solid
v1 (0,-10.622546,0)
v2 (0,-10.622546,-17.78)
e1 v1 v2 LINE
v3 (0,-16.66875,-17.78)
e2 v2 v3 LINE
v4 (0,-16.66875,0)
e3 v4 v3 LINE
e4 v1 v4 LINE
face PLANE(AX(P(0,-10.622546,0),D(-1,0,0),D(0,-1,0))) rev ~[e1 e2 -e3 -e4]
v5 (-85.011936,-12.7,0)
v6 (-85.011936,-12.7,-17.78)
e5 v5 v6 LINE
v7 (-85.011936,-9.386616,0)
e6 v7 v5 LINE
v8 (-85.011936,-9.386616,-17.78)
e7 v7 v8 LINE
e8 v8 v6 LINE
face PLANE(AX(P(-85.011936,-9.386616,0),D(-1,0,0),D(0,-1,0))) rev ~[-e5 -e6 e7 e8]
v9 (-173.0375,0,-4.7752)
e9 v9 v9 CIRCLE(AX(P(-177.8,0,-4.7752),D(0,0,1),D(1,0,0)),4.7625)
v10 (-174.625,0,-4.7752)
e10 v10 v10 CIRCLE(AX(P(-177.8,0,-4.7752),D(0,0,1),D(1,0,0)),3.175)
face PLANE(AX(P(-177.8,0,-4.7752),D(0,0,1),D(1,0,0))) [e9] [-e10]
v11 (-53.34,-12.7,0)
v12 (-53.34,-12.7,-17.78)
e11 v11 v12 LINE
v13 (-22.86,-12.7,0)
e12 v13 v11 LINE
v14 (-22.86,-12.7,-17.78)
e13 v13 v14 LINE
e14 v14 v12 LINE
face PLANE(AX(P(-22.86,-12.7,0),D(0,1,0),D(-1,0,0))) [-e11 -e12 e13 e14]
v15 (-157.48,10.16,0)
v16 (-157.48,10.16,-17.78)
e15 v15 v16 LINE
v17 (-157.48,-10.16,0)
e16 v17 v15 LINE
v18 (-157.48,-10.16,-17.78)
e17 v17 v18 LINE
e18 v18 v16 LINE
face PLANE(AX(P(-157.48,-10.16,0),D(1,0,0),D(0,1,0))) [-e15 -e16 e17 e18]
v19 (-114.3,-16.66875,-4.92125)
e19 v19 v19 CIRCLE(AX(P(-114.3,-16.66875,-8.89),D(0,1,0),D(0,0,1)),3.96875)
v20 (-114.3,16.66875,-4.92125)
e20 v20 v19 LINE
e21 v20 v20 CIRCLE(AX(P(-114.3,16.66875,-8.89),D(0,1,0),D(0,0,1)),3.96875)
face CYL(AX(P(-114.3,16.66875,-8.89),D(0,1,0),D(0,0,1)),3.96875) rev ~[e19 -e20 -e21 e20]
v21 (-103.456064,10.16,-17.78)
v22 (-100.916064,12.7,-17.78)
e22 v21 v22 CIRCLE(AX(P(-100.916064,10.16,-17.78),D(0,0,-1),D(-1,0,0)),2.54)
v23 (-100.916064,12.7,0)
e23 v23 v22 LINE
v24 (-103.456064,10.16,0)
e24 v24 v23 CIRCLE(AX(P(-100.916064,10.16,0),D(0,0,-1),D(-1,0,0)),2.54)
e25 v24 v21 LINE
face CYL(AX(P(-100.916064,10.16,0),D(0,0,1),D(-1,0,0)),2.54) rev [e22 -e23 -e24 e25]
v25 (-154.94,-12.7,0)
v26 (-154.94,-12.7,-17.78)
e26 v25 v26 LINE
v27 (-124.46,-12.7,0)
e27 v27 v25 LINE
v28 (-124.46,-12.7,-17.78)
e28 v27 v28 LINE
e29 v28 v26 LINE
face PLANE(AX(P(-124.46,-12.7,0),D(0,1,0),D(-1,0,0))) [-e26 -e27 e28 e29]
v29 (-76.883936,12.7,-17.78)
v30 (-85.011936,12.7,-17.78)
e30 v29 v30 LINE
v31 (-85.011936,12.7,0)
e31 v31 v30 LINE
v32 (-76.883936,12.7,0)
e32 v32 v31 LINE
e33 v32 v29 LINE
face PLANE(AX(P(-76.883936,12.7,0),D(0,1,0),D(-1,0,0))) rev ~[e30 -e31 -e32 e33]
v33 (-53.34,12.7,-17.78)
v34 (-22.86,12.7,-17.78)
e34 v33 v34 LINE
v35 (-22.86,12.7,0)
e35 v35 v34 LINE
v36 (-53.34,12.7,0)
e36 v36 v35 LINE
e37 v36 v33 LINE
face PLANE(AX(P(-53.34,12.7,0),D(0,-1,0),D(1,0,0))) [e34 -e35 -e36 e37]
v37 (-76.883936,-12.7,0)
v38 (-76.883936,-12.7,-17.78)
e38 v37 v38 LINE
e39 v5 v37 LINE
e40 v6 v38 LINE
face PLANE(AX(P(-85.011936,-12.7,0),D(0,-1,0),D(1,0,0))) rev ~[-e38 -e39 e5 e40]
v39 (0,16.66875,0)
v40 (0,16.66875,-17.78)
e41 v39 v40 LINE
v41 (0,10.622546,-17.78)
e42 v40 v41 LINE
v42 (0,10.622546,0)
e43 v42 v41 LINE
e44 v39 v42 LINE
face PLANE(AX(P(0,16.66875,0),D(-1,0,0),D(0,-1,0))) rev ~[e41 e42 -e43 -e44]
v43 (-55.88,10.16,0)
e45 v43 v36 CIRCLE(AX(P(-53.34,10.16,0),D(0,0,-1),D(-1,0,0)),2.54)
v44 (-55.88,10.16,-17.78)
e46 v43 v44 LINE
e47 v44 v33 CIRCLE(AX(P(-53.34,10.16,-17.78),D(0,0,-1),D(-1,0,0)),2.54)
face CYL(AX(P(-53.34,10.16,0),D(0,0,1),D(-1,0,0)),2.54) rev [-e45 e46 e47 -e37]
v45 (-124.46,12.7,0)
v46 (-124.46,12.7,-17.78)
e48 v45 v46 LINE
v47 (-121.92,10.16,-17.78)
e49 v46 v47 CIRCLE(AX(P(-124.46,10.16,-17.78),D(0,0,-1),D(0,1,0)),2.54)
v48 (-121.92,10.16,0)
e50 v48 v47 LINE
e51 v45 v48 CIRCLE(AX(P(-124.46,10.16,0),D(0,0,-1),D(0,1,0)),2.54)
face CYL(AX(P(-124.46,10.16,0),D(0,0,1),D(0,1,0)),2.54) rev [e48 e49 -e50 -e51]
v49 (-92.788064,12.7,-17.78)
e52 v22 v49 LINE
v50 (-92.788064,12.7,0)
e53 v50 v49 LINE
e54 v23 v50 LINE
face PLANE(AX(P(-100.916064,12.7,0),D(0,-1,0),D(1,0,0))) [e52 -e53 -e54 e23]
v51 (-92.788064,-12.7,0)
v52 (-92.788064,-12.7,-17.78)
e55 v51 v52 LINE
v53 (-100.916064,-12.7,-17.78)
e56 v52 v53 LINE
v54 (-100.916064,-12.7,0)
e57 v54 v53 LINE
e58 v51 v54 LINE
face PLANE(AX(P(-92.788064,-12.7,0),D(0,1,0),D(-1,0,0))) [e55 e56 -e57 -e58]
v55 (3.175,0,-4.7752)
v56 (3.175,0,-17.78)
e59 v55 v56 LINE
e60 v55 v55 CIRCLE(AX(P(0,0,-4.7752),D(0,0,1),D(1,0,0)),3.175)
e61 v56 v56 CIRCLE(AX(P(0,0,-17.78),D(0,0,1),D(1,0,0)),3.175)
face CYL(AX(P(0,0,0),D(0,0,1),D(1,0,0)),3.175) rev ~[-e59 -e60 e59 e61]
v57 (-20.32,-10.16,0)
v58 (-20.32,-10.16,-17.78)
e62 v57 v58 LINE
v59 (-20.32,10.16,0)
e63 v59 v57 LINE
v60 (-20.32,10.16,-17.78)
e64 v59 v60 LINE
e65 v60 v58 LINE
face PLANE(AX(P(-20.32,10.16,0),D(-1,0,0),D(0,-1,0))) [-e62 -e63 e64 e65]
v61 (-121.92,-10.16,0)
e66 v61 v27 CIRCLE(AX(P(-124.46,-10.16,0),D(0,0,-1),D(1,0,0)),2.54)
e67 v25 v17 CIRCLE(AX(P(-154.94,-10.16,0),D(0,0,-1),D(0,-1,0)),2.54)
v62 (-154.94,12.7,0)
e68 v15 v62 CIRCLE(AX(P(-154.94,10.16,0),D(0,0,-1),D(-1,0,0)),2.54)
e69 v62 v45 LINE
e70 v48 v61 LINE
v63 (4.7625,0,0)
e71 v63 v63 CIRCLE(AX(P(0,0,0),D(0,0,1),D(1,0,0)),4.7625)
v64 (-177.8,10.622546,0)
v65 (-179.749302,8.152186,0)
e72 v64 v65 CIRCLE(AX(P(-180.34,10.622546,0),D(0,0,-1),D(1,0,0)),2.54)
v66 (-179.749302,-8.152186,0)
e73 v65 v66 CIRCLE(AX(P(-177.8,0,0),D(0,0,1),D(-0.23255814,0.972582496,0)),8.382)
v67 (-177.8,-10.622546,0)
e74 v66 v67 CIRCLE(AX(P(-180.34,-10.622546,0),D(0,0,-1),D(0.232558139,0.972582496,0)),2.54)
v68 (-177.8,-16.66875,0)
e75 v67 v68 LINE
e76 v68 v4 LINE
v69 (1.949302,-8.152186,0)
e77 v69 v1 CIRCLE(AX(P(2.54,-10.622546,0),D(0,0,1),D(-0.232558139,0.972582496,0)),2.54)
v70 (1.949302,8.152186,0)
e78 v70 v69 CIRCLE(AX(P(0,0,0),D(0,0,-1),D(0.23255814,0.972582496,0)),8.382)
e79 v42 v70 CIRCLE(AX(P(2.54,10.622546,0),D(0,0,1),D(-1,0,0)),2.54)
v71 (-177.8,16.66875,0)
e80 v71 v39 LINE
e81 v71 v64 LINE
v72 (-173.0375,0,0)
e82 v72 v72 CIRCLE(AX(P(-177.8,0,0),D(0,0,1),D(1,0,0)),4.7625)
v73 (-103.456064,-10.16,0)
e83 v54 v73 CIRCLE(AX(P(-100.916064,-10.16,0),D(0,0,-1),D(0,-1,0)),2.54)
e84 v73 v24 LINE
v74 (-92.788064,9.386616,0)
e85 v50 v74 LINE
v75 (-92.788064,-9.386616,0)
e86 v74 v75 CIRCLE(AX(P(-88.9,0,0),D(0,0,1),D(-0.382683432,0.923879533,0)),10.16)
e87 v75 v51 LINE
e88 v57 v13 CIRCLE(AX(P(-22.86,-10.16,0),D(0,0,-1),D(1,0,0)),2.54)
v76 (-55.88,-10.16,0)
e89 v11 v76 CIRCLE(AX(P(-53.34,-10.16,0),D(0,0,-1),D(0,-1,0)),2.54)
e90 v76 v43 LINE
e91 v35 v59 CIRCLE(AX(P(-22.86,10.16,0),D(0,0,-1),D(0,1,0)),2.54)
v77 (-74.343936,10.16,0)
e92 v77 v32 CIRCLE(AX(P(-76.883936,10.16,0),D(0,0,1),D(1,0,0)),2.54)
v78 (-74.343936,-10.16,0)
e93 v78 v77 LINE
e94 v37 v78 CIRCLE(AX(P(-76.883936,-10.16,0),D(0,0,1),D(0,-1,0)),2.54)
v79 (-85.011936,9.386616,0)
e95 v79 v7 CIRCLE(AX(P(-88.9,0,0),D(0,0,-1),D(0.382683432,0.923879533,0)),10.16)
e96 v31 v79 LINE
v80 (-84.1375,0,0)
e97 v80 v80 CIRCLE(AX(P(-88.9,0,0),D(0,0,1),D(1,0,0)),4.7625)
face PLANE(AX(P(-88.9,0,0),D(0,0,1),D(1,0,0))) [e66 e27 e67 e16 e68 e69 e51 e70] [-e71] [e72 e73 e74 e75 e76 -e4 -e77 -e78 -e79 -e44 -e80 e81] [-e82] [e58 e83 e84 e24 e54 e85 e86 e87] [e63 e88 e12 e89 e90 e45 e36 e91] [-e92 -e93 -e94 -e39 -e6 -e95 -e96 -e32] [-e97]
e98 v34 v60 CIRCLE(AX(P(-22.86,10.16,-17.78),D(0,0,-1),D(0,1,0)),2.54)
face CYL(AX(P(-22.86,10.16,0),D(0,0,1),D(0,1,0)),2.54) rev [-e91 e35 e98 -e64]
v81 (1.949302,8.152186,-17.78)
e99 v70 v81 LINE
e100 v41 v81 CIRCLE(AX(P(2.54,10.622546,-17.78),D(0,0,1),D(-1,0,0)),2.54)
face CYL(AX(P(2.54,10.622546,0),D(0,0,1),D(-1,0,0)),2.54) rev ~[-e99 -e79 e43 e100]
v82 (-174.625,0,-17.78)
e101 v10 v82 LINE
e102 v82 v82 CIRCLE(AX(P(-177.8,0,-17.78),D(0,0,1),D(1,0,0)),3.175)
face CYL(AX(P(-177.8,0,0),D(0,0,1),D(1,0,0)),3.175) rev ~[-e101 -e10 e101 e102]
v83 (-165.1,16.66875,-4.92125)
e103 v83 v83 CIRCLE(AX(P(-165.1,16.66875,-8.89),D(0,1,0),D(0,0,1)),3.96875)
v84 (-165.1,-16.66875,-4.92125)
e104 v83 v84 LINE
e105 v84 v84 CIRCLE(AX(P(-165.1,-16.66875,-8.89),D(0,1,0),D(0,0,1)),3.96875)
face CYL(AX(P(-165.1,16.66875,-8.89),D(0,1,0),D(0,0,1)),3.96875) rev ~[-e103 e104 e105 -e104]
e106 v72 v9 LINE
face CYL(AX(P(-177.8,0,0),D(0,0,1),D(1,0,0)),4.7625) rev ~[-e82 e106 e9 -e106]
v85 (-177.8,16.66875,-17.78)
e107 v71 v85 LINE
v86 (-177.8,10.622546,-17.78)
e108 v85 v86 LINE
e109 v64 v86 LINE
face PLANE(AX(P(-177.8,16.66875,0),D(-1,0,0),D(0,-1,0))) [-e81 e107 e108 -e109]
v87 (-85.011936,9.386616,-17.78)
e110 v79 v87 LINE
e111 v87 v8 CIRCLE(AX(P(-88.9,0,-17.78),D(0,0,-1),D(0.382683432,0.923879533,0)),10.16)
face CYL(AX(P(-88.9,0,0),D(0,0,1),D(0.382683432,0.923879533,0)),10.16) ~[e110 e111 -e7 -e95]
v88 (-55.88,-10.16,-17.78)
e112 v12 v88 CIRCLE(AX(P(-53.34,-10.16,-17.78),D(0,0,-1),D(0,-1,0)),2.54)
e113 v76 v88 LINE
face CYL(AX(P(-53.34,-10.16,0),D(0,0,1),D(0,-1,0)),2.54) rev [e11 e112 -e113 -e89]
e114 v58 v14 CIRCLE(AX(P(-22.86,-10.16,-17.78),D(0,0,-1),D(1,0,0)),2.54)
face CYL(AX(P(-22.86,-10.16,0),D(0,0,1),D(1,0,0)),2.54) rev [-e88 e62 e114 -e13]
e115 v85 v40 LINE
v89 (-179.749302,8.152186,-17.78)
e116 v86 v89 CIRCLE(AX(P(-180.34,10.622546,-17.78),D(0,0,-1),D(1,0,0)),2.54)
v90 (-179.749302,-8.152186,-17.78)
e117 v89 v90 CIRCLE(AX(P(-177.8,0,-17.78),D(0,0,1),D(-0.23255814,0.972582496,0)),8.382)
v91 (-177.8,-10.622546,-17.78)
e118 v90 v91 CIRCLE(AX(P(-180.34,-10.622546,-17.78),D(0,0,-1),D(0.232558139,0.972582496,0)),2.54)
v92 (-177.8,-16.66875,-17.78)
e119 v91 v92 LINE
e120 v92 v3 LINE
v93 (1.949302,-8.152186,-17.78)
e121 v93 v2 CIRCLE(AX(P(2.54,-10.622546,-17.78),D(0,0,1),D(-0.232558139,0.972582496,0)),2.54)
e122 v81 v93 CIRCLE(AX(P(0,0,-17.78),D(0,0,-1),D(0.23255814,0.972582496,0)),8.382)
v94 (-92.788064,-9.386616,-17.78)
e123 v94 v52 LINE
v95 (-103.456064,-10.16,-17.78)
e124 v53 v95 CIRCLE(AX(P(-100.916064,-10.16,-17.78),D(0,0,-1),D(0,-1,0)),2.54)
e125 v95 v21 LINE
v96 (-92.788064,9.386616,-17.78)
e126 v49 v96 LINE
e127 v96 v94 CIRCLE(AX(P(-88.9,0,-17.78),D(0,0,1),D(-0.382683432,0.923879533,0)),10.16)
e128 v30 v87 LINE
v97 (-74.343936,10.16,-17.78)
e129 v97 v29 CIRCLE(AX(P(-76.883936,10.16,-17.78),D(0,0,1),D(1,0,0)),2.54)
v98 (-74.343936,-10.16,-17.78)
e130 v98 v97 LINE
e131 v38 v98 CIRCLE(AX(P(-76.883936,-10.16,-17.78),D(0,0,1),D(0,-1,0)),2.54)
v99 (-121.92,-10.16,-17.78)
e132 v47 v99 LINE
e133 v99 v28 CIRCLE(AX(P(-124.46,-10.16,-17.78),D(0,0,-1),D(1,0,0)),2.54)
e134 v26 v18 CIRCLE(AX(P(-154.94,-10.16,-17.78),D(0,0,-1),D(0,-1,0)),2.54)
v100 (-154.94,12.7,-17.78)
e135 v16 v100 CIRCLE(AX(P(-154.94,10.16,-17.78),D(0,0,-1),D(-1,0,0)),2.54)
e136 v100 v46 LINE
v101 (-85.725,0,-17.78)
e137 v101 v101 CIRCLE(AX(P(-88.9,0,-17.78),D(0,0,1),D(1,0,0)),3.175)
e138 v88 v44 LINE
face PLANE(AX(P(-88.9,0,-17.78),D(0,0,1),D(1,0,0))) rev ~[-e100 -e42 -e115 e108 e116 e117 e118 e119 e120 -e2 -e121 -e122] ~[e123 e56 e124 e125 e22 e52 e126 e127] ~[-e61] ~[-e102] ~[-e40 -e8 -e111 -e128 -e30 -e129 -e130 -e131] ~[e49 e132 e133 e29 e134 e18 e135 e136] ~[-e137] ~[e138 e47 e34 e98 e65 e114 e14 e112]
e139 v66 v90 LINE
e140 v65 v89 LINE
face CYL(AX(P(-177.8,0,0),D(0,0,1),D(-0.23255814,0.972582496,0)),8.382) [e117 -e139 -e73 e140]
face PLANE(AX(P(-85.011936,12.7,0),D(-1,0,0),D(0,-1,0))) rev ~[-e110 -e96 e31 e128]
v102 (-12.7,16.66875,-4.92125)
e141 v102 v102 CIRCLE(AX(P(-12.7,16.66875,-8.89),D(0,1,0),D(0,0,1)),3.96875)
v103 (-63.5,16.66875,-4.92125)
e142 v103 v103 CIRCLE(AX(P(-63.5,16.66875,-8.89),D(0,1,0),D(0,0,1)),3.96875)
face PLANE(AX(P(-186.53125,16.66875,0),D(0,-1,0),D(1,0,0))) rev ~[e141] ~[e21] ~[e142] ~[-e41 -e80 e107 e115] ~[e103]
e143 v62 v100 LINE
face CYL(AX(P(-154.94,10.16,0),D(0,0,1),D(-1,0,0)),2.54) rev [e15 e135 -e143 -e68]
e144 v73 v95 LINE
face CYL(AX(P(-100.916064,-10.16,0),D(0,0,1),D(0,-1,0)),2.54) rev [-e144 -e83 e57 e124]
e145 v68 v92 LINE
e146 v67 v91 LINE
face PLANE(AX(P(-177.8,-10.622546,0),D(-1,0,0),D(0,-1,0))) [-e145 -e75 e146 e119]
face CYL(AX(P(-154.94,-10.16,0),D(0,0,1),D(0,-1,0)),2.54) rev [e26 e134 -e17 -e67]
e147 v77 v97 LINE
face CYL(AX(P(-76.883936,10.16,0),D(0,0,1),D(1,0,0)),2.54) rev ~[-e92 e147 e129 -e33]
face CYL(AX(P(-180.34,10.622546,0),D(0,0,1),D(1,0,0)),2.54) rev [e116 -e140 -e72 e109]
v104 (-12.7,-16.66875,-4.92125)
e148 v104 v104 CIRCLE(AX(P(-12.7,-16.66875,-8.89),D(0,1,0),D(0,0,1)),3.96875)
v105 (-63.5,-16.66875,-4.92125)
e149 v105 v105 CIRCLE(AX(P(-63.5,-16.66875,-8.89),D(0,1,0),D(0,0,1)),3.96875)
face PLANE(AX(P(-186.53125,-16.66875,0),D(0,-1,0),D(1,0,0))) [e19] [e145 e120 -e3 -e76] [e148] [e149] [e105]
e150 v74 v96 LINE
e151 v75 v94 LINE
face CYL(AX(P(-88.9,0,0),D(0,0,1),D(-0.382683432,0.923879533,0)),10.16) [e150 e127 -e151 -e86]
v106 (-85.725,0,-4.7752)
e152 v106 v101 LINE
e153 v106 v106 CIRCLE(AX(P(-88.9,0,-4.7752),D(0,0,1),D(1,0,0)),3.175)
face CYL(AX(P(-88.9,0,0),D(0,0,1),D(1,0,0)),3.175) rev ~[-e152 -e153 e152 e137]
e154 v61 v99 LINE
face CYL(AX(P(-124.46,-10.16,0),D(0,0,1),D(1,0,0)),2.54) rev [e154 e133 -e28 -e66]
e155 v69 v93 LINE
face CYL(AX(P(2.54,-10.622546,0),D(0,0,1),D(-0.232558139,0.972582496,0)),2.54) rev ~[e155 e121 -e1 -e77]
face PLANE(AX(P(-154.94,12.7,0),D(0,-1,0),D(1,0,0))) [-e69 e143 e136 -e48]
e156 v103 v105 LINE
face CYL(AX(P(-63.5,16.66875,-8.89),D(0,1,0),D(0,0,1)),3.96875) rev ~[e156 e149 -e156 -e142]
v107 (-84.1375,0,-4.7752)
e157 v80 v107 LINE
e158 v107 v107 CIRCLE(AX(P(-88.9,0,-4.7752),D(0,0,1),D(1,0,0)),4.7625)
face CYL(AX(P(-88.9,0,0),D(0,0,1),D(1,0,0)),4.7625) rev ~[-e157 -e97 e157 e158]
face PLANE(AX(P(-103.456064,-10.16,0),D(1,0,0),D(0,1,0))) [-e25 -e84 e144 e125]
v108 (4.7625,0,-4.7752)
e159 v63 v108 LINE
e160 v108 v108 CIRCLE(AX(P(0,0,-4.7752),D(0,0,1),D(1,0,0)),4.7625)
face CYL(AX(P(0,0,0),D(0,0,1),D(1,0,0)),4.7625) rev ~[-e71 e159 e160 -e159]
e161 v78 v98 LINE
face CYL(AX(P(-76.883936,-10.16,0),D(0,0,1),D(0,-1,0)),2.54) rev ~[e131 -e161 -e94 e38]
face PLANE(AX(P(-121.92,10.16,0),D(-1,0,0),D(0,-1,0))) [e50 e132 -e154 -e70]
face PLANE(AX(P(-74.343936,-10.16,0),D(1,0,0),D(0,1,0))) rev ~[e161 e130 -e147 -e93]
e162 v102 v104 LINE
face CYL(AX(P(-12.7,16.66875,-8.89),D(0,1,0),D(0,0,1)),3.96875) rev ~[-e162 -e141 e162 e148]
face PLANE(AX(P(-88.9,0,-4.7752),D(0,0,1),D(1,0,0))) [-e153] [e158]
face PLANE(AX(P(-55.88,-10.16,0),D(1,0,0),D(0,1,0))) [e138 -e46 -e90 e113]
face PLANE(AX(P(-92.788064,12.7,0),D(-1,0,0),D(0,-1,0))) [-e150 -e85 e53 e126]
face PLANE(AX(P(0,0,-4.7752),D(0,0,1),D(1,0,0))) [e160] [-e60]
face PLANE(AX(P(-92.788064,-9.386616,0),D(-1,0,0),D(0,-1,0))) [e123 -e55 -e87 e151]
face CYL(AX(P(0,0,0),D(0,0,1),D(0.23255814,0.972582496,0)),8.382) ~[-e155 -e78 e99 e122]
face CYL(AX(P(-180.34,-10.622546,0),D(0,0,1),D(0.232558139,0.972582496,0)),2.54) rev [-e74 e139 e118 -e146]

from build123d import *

# Parameters (mm, degrees)
SKETCH1_W           = 195.2625
SKETCH1_H           = 33.3375
SKETCH1_R           = 3.175
BOSS_EXTRUDE1_DEPTH = 17.78
SKETCH2_R           = 3.96875
CUT_EXTRUDE1_DEPTH  = 33.3375
SKETCH3_R           = 4.7625
CUT_EXTRUDE2_DEPTH  = 4.7752
CUT_EXTRUDE3_DEPTH  = 17.78


with BuildPart() as part:
    # Sketch1 → Boss-Extrude1 (new body)
    with BuildSketch(Plane.XY):
        with Locations((-88.9, 0)):
            Rectangle(SKETCH1_W, SKETCH1_H)
        Circle(SKETCH1_R, mode=Mode.SUBTRACT)
        with Locations((-177.8, 0)):
            Circle(SKETCH1_R, mode=Mode.SUBTRACT)
        with Locations((-88.9, 0)):
            Circle(SKETCH1_R, mode=Mode.SUBTRACT)
    extrude(amount=-BOSS_EXTRUDE1_DEPTH)

    # Sketch2 → Cut-Extrude1 (cut)
    with BuildSketch(Plane(origin=(0, 16.66875, 0), x_dir=(1, 0, 0), z_dir=(0, 1, 0))):
        with Locations(Location((-12.7, 8.89, 0), (0, 0, 270))):
            Circle(SKETCH2_R)
        with Locations(Location((-63.5, 8.89, 0), (0, 0, 270))):
            Circle(SKETCH2_R)
        with Locations(Location((-114.3, 8.89, 0), (0, 0, 270))):
            Circle(SKETCH2_R)
        with Locations(Location((-165.1, 8.89, 0), (0, 0, 270))):
            Circle(SKETCH2_R)
    extrude(amount=-CUT_EXTRUDE1_DEPTH, mode=Mode.SUBTRACT)

    # Sketch3 → Cut-Extrude2 (cut)
    with BuildSketch(Plane.XY):
        Circle(SKETCH3_R)
        with Locations((-88.9, 0)):
            Circle(SKETCH3_R)
        with Locations((-177.8, 0)):
            Circle(SKETCH3_R)
    extrude(amount=-CUT_EXTRUDE2_DEPTH, mode=Mode.SUBTRACT)

    # Sketch5 → Cut-Extrude3 (cut)
    with BuildSketch(Plane.XY):
        with BuildLine():
            Line((0, -16.66875), (8.73125, -16.66875))
            Line((8.73125, -16.66875), (8.73125, 16.66875))
            Line((8.73125, 16.66875), (0, 16.66875))
            Line((0, 16.66875), (0, 10.622546022))
            ThreePointArc((0, 10.622546022), (0.546012526, 9.049137635), (1.949302326, 8.152186482))
            ThreePointArc((1.949302326, 8.152186482), (8.382, 0), (1.949302326, -8.152186482))
            ThreePointArc((1.949302326, -8.152186482), (0.546012526, -9.049137635), (0, -10.622546022))
            Line((0, -10.622546022), (0, -16.66875))
        make_face()
        with BuildLine():
            Line((-22.86, -12.7), (-53.34, -12.7))
            ThreePointArc((-53.34, -12.7), (-55.136051224, -11.956051224), (-55.88, -10.16))
            Line((-55.88, -10.16), (-55.88, 10.16))
            ThreePointArc((-55.88, 10.16), (-55.136051224, 11.956051224), (-53.34, 12.7))
            Line((-53.34, 12.7), (-22.86, 12.7))
            ThreePointArc((-22.86, 12.7), (-21.063948776, 11.956051224), (-20.32, 10.16))
            Line((-20.32, 10.16), (-20.32, -10.16))
            ThreePointArc((-20.32, -10.16), (-21.063948776, -11.956051224), (-22.86, -12.7))
        make_face()
        with BuildLine():
            Line((-85.011936327, -9.38661605), (-85.011936327, -12.7))
            Line((-85.011936327, -12.7), (-76.883936327, -12.7))
            ThreePointArc((-76.883936327, -12.7), (-75.087885103, -11.956051224), (-74.343936327, -10.16))
            Line((-74.343936327, -10.16), (-74.343936327, 10.16))
            ThreePointArc((-74.343936327, 10.16), (-75.087885103, 11.956051224), (-76.883936327, 12.7))
            Line((-76.883936327, 12.7), (-85.011936327, 12.7))
            Line((-85.011936327, 12.7), (-85.011936327, 9.38661605))
            ThreePointArc((-85.011936327, 9.38661605), (-78.74, 0), (-85.011936327, -9.38661605))
        make_face()
        with BuildLine():
            Line((-100.916063673, 12.7), (-92.788063673, 12.7))
            Line((-92.788063673, 12.7), (-92.788063673, 9.38661605))
            ThreePointArc((-92.788063673, 9.38661605), (-99.06, 0), (-92.788063673, -9.38661605))
            Line((-92.788063673, -9.38661605), (-92.788063673, -12.7))
            Line((-92.788063673, -12.7), (-100.916063673, -12.7))
            ThreePointArc((-100.916063673, -12.7), (-102.712114897, -11.956051224), (-103.456063673, -10.16))
            Line((-103.456063673, -10.16), (-103.456063673, 10.16))
            ThreePointArc((-103.456063673, 10.16), (-102.712114897, 11.956051224), (-100.916063673, 12.7))
        make_face()
        with BuildLine():
            Line((-154.94, 12.7), (-124.46, 12.7))
            ThreePointArc((-124.46, 12.7), (-122.663948776, 11.956051224), (-121.92, 10.16))
            Line((-121.92, 10.16), (-121.92, -10.16))
            ThreePointArc((-121.92, -10.16), (-122.663948776, -11.956051224), (-124.46, -12.7))
            Line((-124.46, -12.7), (-154.94, -12.7))
            ThreePointArc((-154.94, -12.7), (-156.736051224, -11.956051224), (-157.48, -10.16))
            Line((-157.48, -10.16), (-157.48, 10.16))
            ThreePointArc((-157.48, 10.16), (-156.736051224, 11.956051224), (-154.94, 12.7))
        make_face()
        with BuildLine():
            Line((-186.53125, -16.66875), (-186.53125, 16.66875))
            Line((-186.53125, 16.66875), (-177.8, 16.66875))
            Line((-177.8, 16.66875), (-177.8, 10.622546022))
            ThreePointArc((-177.8, 10.622546022), (-178.346012526, 9.049137635), (-179.749302326, 8.152186482))
            ThreePointArc((-179.749302326, 8.152186482), (-186.182, 0), (-179.749302326, -8.152186482))
            ThreePointArc((-179.749302326, -8.152186482), (-178.346012526, -9.049137635), (-177.8, -10.622546022))
            Line((-177.8, -10.622546022), (-177.8, -16.66875))
            Line((-177.8, -16.66875), (-186.53125, -16.66875))
        make_face()
    extrude(amount=-CUT_EXTRUDE3_DEPTH, mode=Mode.SUBTRACT)


solid = part.part
